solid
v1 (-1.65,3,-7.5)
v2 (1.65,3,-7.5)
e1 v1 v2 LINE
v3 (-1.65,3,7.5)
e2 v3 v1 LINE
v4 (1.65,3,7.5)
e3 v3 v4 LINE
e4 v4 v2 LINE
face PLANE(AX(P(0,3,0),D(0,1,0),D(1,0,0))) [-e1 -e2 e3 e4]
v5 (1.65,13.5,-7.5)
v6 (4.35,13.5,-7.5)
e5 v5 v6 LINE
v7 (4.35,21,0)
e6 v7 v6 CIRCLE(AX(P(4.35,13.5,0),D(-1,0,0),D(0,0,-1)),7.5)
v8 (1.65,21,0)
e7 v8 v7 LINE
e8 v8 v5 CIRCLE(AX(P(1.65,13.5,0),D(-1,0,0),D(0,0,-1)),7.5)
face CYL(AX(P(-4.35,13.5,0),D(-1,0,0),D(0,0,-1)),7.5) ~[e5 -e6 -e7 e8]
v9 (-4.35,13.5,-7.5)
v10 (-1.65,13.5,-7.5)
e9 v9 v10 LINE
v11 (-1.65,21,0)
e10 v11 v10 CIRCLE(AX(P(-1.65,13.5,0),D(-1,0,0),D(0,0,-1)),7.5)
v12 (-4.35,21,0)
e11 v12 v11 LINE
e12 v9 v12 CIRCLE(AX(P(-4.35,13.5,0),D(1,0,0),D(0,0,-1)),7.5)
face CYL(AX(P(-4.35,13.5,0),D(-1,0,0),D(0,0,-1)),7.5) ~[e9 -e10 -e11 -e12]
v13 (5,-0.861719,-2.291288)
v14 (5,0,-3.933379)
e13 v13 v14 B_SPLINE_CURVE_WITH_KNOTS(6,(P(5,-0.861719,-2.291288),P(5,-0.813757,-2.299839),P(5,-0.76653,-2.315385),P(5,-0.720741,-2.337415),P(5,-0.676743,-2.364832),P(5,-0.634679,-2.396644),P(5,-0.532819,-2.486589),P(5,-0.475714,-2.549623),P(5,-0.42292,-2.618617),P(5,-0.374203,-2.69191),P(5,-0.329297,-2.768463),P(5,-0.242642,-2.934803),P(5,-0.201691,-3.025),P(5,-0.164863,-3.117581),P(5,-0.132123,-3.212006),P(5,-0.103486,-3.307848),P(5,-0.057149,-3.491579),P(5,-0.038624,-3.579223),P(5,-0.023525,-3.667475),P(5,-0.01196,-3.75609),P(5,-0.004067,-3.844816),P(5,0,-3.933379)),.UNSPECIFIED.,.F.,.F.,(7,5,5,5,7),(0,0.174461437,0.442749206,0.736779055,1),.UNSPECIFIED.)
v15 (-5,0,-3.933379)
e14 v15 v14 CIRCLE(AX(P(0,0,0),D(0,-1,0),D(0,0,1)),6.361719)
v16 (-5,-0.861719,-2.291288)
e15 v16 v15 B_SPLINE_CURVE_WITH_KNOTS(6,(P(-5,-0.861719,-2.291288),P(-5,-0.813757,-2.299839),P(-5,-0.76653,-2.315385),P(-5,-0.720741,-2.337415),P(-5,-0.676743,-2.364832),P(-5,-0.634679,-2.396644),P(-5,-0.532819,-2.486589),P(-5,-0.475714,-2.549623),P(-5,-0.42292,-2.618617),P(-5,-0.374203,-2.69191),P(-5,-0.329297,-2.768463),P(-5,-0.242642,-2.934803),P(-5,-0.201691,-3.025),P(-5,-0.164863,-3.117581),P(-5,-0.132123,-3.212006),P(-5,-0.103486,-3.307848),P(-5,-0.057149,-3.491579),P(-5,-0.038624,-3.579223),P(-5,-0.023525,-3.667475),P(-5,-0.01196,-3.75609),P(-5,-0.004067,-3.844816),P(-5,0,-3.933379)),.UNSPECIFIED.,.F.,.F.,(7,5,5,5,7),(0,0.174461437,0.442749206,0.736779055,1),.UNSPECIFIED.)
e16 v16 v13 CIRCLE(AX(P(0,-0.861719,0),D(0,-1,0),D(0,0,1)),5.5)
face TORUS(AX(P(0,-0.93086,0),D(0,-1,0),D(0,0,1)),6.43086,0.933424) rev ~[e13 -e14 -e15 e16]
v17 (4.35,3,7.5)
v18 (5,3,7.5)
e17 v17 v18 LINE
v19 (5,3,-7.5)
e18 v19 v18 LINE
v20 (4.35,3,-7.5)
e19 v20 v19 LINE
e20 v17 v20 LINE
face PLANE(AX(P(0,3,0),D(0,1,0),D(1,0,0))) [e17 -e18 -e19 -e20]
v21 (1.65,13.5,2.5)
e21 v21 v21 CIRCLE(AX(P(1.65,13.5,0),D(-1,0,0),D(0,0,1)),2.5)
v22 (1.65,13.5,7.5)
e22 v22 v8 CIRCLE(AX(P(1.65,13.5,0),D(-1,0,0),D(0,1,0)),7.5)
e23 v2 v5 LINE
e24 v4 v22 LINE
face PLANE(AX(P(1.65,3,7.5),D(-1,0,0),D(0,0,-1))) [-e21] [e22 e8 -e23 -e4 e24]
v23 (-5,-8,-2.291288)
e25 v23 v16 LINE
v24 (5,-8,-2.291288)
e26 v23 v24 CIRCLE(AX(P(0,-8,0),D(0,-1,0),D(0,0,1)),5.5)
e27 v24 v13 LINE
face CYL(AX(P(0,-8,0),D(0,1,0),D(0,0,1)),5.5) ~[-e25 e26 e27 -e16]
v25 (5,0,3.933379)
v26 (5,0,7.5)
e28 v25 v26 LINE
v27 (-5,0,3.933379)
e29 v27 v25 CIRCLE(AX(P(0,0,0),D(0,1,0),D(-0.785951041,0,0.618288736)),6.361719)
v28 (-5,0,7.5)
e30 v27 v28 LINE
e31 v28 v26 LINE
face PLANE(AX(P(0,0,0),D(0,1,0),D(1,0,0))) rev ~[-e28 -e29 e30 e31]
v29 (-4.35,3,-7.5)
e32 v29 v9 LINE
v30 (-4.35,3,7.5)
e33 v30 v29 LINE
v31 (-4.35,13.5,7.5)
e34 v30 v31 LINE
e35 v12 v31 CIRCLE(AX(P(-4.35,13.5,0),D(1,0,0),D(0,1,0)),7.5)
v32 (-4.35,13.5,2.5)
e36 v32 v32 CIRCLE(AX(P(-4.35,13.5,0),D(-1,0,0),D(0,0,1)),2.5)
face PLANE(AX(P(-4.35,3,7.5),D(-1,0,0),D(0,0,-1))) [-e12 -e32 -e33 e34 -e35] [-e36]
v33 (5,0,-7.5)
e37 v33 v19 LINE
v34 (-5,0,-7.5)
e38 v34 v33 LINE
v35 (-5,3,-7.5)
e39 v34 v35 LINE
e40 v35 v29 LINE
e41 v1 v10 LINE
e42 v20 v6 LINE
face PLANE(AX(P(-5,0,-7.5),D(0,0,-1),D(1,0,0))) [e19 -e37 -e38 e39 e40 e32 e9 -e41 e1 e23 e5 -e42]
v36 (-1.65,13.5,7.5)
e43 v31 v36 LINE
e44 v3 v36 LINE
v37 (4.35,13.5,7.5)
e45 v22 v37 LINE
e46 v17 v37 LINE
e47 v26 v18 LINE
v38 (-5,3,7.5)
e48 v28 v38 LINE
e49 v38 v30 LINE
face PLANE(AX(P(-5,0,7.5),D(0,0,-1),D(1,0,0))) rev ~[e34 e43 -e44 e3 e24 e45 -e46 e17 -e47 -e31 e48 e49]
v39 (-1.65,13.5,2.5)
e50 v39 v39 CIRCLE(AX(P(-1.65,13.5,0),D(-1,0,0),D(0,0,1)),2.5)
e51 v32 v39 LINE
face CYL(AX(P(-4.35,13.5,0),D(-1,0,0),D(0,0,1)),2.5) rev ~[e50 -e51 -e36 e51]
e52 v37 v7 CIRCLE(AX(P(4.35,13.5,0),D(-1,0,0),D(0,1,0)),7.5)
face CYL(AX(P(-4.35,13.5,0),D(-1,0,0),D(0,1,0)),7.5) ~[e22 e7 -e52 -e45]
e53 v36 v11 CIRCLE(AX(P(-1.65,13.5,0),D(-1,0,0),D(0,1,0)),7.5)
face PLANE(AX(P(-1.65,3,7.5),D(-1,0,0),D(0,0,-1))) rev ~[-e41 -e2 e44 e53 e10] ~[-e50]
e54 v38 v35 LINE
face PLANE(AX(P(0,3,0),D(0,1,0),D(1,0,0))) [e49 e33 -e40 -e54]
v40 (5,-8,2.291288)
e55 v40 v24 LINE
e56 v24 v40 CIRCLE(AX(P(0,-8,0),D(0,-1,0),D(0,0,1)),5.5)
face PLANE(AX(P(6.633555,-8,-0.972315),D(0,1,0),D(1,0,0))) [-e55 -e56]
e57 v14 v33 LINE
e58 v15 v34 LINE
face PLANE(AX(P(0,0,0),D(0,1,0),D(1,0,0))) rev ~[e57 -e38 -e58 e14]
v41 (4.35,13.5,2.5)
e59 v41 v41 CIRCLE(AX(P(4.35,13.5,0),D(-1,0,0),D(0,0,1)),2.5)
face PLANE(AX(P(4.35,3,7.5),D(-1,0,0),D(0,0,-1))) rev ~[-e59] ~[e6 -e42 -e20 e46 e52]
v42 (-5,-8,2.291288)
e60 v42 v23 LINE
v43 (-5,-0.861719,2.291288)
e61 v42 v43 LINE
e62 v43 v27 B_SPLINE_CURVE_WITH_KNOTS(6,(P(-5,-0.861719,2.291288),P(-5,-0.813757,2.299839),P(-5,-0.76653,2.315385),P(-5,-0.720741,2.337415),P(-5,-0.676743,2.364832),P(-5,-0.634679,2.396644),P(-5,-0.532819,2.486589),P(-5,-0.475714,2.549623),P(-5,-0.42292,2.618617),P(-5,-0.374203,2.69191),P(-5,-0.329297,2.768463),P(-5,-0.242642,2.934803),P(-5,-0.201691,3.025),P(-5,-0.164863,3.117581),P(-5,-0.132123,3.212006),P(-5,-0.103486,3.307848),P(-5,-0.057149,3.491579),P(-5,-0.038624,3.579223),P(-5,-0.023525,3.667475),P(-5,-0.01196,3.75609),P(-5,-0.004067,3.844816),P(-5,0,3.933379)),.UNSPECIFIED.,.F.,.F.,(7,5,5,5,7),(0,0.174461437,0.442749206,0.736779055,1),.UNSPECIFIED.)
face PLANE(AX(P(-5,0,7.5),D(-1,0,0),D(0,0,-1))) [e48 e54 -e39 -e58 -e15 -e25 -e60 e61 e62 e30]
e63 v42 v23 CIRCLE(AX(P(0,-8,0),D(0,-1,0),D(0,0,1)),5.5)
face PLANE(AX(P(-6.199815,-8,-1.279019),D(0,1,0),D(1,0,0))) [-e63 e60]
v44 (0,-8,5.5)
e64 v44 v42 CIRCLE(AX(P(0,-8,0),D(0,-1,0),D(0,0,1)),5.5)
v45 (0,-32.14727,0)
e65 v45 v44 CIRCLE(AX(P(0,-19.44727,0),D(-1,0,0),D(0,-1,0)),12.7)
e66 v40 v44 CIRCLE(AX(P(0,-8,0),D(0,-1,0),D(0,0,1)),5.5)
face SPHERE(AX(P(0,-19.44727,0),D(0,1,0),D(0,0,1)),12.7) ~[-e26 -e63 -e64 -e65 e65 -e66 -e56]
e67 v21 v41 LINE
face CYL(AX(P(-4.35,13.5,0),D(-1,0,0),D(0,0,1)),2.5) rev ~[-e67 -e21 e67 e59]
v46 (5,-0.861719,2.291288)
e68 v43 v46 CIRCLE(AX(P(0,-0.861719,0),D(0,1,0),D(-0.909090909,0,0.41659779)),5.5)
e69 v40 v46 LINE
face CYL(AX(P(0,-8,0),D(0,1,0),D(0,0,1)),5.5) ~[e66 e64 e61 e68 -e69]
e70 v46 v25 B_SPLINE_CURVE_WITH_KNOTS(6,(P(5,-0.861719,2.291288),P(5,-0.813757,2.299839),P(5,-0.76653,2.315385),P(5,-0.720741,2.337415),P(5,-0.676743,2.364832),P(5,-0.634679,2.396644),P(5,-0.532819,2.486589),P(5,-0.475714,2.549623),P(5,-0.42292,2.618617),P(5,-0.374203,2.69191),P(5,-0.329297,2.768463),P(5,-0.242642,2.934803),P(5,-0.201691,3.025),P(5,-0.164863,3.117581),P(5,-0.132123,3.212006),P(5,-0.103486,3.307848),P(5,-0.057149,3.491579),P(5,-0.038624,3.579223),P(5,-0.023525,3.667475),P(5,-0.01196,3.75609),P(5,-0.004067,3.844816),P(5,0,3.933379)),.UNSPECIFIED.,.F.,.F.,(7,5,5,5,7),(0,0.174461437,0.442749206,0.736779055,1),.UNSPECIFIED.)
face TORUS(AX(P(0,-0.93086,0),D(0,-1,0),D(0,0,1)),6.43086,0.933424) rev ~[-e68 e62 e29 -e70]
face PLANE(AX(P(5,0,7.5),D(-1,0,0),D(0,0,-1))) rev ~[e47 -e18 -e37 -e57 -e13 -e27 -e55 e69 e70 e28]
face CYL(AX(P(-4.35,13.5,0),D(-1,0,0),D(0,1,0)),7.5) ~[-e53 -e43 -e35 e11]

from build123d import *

# Parameters (mm, degrees)
SKETCH2_W           = 10
SKETCH2_H           = 15
BOSS_EXTRUDE1_DEPTH = 3
SKETCH3_W           = 2.7
SKETCH3_H           = 15
BOSS_EXTRUDE2_DEPTH = 18
SKETCH4_R           = 2.5
CUT_EXTRUDE1_DEPTH  = 39.541399757
SKETCH5_W           = 3.267109453
SKETCH5_H           = 13.055369116
SKETCH5_W_2         = 2.399629859
SKETCH5_H_2         = 12.441962392
CUT_EXTRUDE2_DEPTH  = 11


with BuildPart() as part:
    # Sketch1 → Revolve1 (revolve)
    with BuildSketch(Plane.XY, mode=Mode.PRIVATE) as revolve1_sk:
        with BuildLine():
            Line((5.5, 0), (0, 0))
            Line((0, 0), (0, -32.147270417))
            ThreePointArc((0, -32.147270417), (12.382857794, -22.267701741), (5.5, -8))
            Line((5.5, -8), (5.5, -0.86171942))
            Line((5.5, -0.86171942), (5.5, 0))
        make_face()
        with BuildLine():
            Line((6.36171942, 0), (5.5, 0))
            Line((5.5, 0), (5.5, -0.86171942))
            ThreePointArc((5.5, -0.86171942), (5.77082934, -0.27082934), (6.36171942, 0))
        make_face()
    revolve(revolve1_sk.sketch.rotate(Axis((0, 0, 0), (0, -1, 0)), 90), axis=Axis((0, 0, 0), (0, -1, 0)))

    # Sketch2 → Boss-Extrude1 (add)
    with BuildSketch(Plane(origin=(0, 0, 0), x_dir=(1, 0, 0), z_dir=(0, 1, 0))):
        Rectangle(SKETCH2_W, SKETCH2_H)
    extrude(amount=BOSS_EXTRUDE1_DEPTH)

    # Sketch3 → Boss-Extrude2 (add)
    with BuildSketch(Plane(origin=(0, 3, 0), x_dir=(1, 0, 0), z_dir=(0, 1, 0))):
        with Locations((-3, 0)):
            Rectangle(SKETCH3_W, SKETCH3_H)
        with Locations((3, 0)):
            Rectangle(SKETCH3_W, SKETCH3_H)
    extrude(amount=BOSS_EXTRUDE2_DEPTH)

    # Sketch4 → Cut-Extrude1 (cut, through all)
    with BuildSketch(Plane.ZY.offset(4.35)):
        with Locations((0, 13.5)):
            Circle(SKETCH4_R)
        with BuildLine():
            Line((-7.5, 21), (-7.5, 13.5))
            ThreePointArc((-7.5, 13.5), (-5.303300859, 18.803300859), (0, 21))
            Line((0, 21), (-7.5, 21))
        make_face()
        with BuildLine():
            Line((7.5, 21), (0, 21))
            ThreePointArc((0, 21), (5.303300859, 18.803300859), (7.5, 13.5))
            Line((7.5, 13.5), (7.5, 21))
        make_face()
    extrude(amount=-CUT_EXTRUDE1_DEPTH, mode=Mode.SUBTRACT)

    # Sketch5 → Cut-Extrude2 (cut)
    with BuildSketch(Plane(origin=(0, 3, 0), x_dir=(1, 0, 0), z_dir=(0, 1, 0))):
        with Locations((6.633554726, 0.972315442)):
            Rectangle(SKETCH5_W, SKETCH5_H)
        with Locations((-6.19981493, 1.279018804)):
            Rectangle(SKETCH5_W_2, SKETCH5_H_2)
    extrude(amount=-CUT_EXTRUDE2_DEPTH, mode=Mode.SUBTRACT)


solid = part.part
